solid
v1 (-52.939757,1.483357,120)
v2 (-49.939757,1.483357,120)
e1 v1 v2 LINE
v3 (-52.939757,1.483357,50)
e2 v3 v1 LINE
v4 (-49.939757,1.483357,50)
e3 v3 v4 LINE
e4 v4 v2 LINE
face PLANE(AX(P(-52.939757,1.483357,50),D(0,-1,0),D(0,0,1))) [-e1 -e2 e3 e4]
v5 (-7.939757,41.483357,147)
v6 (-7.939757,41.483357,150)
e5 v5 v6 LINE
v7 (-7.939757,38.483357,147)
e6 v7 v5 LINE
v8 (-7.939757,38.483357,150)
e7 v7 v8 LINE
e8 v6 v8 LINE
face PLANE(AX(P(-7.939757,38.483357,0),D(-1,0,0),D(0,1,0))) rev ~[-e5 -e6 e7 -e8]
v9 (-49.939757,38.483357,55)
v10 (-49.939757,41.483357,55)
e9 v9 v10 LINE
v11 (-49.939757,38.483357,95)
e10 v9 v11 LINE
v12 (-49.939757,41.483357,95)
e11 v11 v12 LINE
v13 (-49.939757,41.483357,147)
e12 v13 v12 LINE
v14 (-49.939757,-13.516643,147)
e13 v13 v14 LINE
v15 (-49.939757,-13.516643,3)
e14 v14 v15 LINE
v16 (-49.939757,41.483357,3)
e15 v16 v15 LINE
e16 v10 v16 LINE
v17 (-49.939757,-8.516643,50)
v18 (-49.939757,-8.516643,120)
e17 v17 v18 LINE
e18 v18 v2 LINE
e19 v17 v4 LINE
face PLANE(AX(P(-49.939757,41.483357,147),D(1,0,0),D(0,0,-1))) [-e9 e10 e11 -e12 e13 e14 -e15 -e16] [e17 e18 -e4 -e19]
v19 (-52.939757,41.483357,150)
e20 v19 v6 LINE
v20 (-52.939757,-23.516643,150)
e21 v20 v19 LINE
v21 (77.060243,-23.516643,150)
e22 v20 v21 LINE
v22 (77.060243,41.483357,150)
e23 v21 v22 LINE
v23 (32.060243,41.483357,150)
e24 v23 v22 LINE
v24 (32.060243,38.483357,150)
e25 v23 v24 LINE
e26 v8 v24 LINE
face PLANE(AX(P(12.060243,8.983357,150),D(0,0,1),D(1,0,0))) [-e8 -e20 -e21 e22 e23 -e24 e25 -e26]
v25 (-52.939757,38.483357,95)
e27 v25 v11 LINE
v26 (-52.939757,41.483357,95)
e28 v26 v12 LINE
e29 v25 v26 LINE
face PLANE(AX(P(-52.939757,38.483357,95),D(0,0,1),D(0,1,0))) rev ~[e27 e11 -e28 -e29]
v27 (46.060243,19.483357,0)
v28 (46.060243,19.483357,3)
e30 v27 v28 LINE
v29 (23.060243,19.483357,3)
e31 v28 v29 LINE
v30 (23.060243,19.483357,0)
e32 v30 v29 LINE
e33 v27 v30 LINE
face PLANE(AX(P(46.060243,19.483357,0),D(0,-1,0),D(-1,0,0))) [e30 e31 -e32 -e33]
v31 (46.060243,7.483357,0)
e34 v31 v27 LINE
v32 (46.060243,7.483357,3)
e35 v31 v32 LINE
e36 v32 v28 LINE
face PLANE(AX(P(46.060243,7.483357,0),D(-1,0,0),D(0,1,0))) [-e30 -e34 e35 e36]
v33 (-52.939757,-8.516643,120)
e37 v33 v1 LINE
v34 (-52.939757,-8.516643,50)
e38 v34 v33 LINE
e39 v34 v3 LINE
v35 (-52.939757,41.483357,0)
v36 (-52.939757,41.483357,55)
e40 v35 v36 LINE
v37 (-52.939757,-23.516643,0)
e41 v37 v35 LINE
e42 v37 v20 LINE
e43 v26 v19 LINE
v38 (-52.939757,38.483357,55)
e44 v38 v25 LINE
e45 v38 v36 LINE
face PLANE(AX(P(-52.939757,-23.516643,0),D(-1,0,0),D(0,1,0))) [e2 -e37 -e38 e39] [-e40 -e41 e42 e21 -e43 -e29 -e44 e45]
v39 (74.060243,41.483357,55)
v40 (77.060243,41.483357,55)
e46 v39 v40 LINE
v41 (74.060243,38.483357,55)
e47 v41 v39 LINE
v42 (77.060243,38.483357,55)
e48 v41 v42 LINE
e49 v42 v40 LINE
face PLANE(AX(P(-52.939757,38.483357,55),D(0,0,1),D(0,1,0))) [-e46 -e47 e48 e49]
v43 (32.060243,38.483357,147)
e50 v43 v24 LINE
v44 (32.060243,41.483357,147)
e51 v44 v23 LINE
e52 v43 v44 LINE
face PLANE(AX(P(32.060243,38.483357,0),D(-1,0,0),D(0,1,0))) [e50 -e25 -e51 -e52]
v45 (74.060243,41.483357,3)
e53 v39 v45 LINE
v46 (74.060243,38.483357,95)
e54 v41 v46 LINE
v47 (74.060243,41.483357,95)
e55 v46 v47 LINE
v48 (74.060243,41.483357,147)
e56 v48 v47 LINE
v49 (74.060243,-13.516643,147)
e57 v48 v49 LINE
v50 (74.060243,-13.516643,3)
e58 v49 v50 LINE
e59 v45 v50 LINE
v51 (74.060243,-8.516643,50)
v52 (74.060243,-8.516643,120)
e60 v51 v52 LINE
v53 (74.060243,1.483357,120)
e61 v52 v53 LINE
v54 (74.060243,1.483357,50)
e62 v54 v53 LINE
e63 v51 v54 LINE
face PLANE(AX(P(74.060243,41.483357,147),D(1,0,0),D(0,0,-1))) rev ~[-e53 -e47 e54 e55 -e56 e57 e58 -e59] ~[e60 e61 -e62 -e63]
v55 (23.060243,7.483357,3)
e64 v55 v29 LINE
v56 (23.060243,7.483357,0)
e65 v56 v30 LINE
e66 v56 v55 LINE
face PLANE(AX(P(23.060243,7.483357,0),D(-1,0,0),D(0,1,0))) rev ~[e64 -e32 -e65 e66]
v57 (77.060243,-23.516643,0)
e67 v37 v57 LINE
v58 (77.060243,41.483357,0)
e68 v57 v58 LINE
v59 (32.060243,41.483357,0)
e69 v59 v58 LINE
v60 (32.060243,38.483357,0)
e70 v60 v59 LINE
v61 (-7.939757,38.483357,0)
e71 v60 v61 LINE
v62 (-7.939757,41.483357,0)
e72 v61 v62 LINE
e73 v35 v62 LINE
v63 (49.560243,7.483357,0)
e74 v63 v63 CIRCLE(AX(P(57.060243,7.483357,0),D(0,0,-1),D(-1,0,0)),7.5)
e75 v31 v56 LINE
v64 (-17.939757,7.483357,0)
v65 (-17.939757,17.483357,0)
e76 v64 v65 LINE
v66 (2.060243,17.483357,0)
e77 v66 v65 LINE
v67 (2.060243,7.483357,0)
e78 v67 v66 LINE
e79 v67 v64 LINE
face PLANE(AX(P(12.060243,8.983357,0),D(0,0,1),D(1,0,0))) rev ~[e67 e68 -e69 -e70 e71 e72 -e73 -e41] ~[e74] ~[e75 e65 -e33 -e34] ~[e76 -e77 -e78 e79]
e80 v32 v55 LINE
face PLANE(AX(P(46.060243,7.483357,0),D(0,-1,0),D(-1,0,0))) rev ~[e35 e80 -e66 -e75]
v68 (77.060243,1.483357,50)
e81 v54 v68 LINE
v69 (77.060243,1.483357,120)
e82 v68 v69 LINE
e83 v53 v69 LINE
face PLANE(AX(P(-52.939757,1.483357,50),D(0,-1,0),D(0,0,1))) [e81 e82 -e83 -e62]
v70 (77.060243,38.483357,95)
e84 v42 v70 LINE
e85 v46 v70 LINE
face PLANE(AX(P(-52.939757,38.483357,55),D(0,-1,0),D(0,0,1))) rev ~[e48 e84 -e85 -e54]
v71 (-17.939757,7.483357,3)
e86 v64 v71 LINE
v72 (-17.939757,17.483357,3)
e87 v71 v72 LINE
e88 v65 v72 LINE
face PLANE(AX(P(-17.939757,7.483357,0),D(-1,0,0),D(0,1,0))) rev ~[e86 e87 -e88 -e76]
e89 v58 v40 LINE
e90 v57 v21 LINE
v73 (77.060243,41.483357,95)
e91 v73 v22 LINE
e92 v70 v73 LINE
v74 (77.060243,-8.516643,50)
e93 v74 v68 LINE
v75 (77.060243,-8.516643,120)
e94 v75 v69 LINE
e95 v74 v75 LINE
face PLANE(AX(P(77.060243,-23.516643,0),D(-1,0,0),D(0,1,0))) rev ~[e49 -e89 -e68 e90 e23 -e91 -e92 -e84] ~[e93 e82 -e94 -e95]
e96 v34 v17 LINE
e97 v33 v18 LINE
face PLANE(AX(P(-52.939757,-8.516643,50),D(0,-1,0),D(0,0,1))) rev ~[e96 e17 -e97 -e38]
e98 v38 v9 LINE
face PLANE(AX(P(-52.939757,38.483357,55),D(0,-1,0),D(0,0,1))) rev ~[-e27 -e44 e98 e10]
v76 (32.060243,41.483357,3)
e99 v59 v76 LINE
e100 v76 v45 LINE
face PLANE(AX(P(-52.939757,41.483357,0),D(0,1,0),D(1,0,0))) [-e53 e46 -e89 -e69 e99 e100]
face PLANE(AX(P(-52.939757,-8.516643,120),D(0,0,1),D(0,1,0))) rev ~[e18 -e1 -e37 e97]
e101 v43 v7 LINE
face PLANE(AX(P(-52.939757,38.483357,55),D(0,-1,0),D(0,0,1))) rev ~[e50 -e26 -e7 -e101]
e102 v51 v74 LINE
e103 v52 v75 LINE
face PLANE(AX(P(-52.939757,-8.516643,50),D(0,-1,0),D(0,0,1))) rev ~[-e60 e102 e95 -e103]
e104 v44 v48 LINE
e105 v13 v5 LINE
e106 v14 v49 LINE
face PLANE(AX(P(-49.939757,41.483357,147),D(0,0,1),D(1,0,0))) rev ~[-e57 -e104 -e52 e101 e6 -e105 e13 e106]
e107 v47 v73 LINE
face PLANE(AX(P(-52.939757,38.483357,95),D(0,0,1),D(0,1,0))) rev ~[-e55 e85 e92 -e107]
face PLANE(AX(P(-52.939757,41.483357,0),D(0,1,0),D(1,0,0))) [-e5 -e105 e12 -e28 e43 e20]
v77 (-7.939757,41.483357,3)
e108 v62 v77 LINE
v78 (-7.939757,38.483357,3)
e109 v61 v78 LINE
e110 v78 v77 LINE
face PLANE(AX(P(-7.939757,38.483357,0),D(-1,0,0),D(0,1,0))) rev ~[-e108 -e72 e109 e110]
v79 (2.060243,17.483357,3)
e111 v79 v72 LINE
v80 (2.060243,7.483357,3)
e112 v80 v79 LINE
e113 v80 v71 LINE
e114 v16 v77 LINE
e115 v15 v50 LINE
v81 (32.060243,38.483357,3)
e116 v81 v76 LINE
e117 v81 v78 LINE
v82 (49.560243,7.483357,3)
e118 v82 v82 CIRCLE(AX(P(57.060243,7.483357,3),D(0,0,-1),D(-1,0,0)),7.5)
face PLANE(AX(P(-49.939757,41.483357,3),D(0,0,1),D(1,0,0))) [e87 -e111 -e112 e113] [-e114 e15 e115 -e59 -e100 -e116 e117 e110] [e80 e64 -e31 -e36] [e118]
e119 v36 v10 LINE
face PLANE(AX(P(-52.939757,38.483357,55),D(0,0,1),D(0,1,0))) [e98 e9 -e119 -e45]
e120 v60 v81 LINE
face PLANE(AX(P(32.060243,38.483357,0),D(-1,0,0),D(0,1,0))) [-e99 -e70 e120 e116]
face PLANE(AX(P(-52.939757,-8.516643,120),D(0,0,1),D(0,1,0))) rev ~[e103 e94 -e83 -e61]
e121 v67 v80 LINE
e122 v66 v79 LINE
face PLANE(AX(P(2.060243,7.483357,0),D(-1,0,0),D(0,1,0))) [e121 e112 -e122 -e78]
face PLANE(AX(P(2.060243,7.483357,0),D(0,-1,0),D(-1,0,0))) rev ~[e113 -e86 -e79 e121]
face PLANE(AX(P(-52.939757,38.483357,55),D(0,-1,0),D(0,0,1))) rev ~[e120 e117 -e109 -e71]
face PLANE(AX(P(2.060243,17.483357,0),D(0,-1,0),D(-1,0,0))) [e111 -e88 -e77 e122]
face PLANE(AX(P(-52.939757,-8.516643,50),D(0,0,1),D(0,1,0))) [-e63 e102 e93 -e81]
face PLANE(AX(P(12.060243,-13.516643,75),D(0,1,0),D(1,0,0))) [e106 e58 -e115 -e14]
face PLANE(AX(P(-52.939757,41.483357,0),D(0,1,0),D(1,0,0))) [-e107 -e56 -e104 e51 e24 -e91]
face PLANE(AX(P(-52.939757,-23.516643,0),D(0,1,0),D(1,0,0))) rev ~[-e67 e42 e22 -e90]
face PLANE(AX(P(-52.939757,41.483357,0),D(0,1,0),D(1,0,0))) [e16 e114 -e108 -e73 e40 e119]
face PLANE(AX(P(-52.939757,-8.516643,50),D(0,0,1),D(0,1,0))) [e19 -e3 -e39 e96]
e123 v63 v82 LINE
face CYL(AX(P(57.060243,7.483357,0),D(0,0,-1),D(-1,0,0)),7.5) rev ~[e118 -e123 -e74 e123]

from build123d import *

# Parameters (mm, degrees)
ESBO_O1_W                = 130
ESBO_O1_H                = 65
RESSALTO_EXTRUS_O1_DEPTH = 150
ESBO_O2_W                = 70
ESBO_O2_H                = 10
CORTE_EXTRUS_O1_DEPTH    = 131
ESBO_O3_W                = 40
ESBO_O3_H                = 3
CORTE_EXTRUS_O2_DEPTH    = 131
ESBO_O4_W                = 40
ESBO_O4_H                = 3
CORTE_EXTRUS_O3_DEPTH    = 151
ESBO_O5_R                = 7.5
ESBO_O5_W                = 20
ESBO_O5_H                = 10
CORTE_EXTRUS_O4_DEPTH    = 141
ESBO_O6_W                = 124
ESBO_O6_H                = 144
CORTE_EXTRUS_O5_DEPTH    = 55
ESBO_O9_W                = 23
ESBO_O9_H                = 12
CORTE_EXTRUS_O6_DEPTH    = 3


with BuildPart() as part:
    # Esboço1 → Ressalto-extrusão1 (new body)
    with BuildSketch(Plane.XY):
        with Locations((12.060242954, 8.983357453)):
            Rectangle(ESBO_O1_W, ESBO_O1_H)
    extrude(amount=RESSALTO_EXTRUS_O1_DEPTH)

    # Esboço2 → Corte-extrusão1 (cut, through all)
    with BuildSketch(Plane.ZY.offset(52.939757046)):
        with Locations((85, -3.516642547)):
            Rectangle(ESBO_O2_W, ESBO_O2_H)
    extrude(amount=-CORTE_EXTRUS_O1_DEPTH, mode=Mode.SUBTRACT)

    # Esboço3 → Corte-extrusão2 (cut, through all)
    with BuildSketch(Plane.ZY.offset(52.939757046)):
        with Locations((75, 39.983357453)):
            Rectangle(ESBO_O3_W, ESBO_O3_H)
    extrude(amount=-CORTE_EXTRUS_O2_DEPTH, mode=Mode.SUBTRACT)

    # Esboço4 → Corte-extrusão3 (cut, through all)
    with BuildSketch(Plane(origin=(0, 0, 0), x_dir=(-1, 0, 0), z_dir=(0, 0, -1))):
        with Locations((-12.060242954, 39.983357453)):
            Rectangle(ESBO_O4_W, ESBO_O4_H)
    extrude(amount=-CORTE_EXTRUS_O3_DEPTH, mode=Mode.SUBTRACT)

    # Esboço5 → Corte-extrusão4 (cut)
    with BuildSketch(Plane(origin=(0, 0, 0), x_dir=(-1, 0, 0), z_dir=(0, 0, -1))):
        with Locations((-57.060242954, 7.483357453)):
            Circle(ESBO_O5_R)
        with Locations((7.939757046, 12.483357453)):
            Rectangle(ESBO_O5_W, ESBO_O5_H)
    extrude(amount=-CORTE_EXTRUS_O4_DEPTH, mode=Mode.SUBTRACT)

    # Esboço6 → Corte-extrusão5 (cut)
    with BuildSketch(Plane(origin=(0, 41.483357453, 0), x_dir=(1, 0, 0), z_dir=(0, 1, 0))):
        with Locations((12.060242954, -75)):
            Rectangle(ESBO_O6_W, ESBO_O6_H)
    extrude(amount=-CORTE_EXTRUS_O5_DEPTH, mode=Mode.SUBTRACT)

    # Esboço9 → Corte-extrusão6 (cut)
    with BuildSketch(Plane(origin=(0, 0, 0), x_dir=(-1, 0, 0), z_dir=(0, 0, -1))):
        with Locations((-34.560242954, 13.483357453)):
            Rectangle(ESBO_O9_W, ESBO_O9_H)
    extrude(amount=-CORTE_EXTRUS_O6_DEPTH, mode=Mode.SUBTRACT)


solid = part.part
